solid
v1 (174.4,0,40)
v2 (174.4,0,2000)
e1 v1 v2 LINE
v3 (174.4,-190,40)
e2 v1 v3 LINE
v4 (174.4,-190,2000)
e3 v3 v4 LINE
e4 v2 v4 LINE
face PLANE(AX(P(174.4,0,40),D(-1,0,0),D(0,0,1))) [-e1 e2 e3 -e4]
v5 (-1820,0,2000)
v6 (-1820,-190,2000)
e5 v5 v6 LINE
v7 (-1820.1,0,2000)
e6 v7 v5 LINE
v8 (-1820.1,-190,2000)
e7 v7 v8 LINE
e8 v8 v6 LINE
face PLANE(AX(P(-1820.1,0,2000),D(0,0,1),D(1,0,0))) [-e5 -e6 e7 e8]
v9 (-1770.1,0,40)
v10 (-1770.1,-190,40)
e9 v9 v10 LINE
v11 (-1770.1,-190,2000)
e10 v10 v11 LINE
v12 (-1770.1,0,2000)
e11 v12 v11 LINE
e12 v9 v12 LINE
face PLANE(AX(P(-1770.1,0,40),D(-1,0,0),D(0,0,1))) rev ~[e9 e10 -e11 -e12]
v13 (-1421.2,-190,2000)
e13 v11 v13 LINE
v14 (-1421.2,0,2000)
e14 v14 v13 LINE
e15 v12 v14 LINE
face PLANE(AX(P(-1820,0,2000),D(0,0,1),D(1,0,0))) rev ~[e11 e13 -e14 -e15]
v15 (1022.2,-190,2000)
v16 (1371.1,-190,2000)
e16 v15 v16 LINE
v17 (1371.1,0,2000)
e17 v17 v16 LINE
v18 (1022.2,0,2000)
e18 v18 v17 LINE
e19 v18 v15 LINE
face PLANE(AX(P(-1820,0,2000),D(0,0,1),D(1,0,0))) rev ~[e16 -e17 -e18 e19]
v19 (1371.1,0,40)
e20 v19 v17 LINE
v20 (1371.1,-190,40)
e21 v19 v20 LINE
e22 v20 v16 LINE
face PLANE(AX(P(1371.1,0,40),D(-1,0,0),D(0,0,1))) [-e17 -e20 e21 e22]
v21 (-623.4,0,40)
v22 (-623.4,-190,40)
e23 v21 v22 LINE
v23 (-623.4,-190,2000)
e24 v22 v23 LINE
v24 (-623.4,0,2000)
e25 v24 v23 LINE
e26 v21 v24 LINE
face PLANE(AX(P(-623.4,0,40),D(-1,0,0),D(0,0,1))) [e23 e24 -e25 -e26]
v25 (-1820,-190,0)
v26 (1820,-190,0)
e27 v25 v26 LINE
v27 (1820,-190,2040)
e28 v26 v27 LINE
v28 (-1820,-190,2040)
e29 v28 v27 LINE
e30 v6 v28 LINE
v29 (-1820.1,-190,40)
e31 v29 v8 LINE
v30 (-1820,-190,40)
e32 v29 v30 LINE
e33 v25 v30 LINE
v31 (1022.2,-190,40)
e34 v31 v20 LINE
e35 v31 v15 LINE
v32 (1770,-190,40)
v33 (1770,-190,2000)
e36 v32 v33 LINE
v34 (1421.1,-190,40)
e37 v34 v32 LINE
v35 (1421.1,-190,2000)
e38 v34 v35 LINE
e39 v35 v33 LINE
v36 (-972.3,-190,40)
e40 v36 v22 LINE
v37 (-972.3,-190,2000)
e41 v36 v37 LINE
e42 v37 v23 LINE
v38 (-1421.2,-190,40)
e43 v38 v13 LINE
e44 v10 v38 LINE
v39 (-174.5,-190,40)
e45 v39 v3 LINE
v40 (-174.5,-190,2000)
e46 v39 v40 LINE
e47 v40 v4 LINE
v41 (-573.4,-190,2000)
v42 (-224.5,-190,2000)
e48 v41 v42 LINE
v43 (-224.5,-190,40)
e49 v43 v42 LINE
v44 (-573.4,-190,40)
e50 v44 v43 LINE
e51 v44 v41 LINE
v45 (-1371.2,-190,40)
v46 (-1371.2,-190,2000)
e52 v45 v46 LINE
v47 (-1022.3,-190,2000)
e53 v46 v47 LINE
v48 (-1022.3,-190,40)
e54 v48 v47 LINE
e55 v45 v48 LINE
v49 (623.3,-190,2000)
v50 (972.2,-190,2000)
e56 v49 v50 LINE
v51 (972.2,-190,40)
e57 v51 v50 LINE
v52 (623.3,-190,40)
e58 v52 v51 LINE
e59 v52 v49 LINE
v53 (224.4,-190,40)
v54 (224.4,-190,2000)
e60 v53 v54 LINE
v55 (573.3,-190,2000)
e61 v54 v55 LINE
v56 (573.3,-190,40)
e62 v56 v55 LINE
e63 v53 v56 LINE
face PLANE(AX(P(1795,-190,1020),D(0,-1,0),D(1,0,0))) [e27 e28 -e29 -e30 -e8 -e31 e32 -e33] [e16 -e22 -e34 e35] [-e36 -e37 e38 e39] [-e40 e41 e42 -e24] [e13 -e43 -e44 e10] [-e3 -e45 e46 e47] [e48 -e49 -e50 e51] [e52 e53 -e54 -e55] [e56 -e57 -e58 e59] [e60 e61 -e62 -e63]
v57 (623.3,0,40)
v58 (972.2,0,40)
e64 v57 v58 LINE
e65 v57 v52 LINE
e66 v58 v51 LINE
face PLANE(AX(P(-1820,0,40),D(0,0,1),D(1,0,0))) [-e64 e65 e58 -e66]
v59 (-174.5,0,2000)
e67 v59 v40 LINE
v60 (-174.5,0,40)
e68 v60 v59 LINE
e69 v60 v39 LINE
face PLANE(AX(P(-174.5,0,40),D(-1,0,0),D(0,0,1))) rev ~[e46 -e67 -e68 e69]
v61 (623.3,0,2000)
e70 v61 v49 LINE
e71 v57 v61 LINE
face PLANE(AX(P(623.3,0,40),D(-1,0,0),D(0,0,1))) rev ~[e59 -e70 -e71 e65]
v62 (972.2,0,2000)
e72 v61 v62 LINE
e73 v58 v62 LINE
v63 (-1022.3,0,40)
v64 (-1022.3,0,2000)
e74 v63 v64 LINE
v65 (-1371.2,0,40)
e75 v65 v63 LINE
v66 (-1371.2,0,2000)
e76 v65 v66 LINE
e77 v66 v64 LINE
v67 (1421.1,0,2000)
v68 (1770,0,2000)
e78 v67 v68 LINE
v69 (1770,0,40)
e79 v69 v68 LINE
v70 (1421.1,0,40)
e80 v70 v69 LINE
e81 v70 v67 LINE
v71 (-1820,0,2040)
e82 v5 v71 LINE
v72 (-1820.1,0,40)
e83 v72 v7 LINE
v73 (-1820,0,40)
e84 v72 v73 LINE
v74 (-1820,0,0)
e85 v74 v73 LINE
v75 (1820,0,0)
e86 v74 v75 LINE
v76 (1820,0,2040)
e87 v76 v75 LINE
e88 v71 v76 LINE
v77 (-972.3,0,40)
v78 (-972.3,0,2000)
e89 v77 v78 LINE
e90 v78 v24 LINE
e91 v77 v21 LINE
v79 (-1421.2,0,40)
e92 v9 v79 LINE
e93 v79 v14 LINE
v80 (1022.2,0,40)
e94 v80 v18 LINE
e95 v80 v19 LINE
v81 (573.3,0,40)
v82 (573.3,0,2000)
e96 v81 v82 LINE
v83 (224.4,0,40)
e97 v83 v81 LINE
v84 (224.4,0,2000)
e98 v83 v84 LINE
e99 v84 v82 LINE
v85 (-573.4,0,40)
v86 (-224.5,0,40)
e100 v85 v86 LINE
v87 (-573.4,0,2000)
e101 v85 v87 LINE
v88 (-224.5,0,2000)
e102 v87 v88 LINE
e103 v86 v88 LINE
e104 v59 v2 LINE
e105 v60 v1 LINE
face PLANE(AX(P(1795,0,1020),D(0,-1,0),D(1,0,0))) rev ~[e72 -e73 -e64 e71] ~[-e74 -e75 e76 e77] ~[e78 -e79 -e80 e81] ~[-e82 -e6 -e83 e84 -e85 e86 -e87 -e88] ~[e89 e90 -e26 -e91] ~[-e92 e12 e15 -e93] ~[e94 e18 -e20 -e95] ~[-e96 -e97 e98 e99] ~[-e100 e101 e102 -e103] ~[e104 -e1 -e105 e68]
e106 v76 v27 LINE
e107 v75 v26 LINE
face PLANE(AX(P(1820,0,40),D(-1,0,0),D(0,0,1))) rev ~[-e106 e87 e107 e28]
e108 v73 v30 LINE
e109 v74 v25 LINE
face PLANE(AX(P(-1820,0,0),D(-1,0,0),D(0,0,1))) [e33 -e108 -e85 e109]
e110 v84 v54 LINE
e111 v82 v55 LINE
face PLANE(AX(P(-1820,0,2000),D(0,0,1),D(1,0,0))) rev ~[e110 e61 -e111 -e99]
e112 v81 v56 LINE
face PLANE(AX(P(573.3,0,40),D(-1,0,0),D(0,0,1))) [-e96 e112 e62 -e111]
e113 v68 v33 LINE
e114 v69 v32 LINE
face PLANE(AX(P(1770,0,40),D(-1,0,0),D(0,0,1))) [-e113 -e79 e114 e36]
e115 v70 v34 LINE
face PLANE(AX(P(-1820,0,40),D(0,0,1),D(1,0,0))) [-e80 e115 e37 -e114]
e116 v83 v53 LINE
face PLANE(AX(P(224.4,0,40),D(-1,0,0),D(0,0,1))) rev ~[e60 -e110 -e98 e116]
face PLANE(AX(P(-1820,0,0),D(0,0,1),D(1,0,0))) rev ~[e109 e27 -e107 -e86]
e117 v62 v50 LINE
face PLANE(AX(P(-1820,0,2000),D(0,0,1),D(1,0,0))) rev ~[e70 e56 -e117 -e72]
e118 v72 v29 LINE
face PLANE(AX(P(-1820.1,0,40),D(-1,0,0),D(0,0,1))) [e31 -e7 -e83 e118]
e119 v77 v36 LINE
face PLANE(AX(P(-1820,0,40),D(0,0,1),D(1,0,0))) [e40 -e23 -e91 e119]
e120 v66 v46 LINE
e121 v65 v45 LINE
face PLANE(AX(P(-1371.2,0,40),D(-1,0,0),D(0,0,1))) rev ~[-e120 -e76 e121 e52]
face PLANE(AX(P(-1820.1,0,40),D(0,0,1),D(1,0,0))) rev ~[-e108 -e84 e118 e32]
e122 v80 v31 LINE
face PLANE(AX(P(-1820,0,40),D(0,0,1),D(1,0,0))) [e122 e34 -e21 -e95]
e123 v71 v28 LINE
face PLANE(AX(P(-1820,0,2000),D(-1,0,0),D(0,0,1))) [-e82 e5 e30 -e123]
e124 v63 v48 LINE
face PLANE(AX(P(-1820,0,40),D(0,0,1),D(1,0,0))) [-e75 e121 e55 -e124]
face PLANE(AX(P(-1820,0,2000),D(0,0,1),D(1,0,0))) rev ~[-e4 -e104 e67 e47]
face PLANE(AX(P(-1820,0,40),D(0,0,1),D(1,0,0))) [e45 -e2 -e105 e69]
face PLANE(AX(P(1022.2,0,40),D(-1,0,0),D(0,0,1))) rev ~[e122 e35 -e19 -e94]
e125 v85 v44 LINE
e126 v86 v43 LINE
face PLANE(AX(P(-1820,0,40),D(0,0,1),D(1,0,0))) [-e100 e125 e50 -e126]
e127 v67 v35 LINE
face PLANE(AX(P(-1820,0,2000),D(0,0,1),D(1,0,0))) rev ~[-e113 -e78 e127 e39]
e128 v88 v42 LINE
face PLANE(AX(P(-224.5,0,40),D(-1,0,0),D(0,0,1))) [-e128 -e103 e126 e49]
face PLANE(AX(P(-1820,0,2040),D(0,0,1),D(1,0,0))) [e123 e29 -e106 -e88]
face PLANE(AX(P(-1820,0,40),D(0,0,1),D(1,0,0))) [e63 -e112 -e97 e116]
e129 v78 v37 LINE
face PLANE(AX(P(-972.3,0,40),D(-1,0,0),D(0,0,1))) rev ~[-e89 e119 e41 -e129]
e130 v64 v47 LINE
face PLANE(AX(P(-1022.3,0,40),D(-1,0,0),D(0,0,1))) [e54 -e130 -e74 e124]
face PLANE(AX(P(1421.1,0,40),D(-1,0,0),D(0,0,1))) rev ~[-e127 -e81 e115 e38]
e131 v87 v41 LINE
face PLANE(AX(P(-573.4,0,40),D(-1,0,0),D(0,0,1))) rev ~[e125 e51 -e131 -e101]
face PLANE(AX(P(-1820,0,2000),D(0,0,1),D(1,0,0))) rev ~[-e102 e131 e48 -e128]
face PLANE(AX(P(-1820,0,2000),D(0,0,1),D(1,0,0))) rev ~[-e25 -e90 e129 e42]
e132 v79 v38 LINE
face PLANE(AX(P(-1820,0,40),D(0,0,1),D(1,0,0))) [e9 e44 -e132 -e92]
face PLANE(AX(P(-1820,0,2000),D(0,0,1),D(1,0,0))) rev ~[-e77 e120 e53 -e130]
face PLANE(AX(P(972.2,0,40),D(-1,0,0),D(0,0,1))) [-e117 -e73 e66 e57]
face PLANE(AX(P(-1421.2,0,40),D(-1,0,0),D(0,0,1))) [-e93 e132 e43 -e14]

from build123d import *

# Parameters (mm, degrees)
F0_W     = 3640
F0_H     = 40
F1_DEPTH = 190
F2_DEPTH = 190
F3_W     = 50
F3_H     = 1960
F4_DEPTH = 190


with BuildPart() as f1:
    # F0 (on Front) → F1 (new body)
    with BuildSketch(Plane.XZ):
        with Locations((0, 20)):
            Rectangle(F0_W, F0_H)
    extrude(amount=F1_DEPTH)



with BuildPart() as f2:
    # F0 (on Front) → F2 (new body)
    with BuildSketch(Plane.XZ):
        with Locations((0, 2020)):
            Rectangle(F0_W, F0_H)
    extrude(amount=F2_DEPTH)


with BuildPart() as f1_1:
    add(f1.part)

    add(f2.part)  # F4 merges F2
    # F3 (on Front) → F4 (join)
    with BuildSketch(Plane.XZ):
        with Locations((1795, 1020)):
            Rectangle(F3_W, F3_H)
        with Locations((1396.1, 1020)):
            Rectangle(F3_W, F3_H)
        with Locations((997.2, 1020)):
            Rectangle(F3_W, F3_H)
        with Locations((598.3, 1020)):
            Rectangle(F3_W, F3_H)
        with Locations((199.4, 1020)):
            Rectangle(F3_W, F3_H)
        with Locations((-199.5, 1020)):
            Rectangle(F3_W, F3_H)
        with Locations((-598.4, 1020)):
            Rectangle(F3_W, F3_H)
        with Locations((-997.3, 1020)):
            Rectangle(F3_W, F3_H)
        with Locations((-1396.2, 1020)):
            Rectangle(F3_W, F3_H)
        with Locations((-1795.1, 1020)):
            Rectangle(F3_W, F3_H)
    extrude(amount=F4_DEPTH)


solid = f1_1.part
